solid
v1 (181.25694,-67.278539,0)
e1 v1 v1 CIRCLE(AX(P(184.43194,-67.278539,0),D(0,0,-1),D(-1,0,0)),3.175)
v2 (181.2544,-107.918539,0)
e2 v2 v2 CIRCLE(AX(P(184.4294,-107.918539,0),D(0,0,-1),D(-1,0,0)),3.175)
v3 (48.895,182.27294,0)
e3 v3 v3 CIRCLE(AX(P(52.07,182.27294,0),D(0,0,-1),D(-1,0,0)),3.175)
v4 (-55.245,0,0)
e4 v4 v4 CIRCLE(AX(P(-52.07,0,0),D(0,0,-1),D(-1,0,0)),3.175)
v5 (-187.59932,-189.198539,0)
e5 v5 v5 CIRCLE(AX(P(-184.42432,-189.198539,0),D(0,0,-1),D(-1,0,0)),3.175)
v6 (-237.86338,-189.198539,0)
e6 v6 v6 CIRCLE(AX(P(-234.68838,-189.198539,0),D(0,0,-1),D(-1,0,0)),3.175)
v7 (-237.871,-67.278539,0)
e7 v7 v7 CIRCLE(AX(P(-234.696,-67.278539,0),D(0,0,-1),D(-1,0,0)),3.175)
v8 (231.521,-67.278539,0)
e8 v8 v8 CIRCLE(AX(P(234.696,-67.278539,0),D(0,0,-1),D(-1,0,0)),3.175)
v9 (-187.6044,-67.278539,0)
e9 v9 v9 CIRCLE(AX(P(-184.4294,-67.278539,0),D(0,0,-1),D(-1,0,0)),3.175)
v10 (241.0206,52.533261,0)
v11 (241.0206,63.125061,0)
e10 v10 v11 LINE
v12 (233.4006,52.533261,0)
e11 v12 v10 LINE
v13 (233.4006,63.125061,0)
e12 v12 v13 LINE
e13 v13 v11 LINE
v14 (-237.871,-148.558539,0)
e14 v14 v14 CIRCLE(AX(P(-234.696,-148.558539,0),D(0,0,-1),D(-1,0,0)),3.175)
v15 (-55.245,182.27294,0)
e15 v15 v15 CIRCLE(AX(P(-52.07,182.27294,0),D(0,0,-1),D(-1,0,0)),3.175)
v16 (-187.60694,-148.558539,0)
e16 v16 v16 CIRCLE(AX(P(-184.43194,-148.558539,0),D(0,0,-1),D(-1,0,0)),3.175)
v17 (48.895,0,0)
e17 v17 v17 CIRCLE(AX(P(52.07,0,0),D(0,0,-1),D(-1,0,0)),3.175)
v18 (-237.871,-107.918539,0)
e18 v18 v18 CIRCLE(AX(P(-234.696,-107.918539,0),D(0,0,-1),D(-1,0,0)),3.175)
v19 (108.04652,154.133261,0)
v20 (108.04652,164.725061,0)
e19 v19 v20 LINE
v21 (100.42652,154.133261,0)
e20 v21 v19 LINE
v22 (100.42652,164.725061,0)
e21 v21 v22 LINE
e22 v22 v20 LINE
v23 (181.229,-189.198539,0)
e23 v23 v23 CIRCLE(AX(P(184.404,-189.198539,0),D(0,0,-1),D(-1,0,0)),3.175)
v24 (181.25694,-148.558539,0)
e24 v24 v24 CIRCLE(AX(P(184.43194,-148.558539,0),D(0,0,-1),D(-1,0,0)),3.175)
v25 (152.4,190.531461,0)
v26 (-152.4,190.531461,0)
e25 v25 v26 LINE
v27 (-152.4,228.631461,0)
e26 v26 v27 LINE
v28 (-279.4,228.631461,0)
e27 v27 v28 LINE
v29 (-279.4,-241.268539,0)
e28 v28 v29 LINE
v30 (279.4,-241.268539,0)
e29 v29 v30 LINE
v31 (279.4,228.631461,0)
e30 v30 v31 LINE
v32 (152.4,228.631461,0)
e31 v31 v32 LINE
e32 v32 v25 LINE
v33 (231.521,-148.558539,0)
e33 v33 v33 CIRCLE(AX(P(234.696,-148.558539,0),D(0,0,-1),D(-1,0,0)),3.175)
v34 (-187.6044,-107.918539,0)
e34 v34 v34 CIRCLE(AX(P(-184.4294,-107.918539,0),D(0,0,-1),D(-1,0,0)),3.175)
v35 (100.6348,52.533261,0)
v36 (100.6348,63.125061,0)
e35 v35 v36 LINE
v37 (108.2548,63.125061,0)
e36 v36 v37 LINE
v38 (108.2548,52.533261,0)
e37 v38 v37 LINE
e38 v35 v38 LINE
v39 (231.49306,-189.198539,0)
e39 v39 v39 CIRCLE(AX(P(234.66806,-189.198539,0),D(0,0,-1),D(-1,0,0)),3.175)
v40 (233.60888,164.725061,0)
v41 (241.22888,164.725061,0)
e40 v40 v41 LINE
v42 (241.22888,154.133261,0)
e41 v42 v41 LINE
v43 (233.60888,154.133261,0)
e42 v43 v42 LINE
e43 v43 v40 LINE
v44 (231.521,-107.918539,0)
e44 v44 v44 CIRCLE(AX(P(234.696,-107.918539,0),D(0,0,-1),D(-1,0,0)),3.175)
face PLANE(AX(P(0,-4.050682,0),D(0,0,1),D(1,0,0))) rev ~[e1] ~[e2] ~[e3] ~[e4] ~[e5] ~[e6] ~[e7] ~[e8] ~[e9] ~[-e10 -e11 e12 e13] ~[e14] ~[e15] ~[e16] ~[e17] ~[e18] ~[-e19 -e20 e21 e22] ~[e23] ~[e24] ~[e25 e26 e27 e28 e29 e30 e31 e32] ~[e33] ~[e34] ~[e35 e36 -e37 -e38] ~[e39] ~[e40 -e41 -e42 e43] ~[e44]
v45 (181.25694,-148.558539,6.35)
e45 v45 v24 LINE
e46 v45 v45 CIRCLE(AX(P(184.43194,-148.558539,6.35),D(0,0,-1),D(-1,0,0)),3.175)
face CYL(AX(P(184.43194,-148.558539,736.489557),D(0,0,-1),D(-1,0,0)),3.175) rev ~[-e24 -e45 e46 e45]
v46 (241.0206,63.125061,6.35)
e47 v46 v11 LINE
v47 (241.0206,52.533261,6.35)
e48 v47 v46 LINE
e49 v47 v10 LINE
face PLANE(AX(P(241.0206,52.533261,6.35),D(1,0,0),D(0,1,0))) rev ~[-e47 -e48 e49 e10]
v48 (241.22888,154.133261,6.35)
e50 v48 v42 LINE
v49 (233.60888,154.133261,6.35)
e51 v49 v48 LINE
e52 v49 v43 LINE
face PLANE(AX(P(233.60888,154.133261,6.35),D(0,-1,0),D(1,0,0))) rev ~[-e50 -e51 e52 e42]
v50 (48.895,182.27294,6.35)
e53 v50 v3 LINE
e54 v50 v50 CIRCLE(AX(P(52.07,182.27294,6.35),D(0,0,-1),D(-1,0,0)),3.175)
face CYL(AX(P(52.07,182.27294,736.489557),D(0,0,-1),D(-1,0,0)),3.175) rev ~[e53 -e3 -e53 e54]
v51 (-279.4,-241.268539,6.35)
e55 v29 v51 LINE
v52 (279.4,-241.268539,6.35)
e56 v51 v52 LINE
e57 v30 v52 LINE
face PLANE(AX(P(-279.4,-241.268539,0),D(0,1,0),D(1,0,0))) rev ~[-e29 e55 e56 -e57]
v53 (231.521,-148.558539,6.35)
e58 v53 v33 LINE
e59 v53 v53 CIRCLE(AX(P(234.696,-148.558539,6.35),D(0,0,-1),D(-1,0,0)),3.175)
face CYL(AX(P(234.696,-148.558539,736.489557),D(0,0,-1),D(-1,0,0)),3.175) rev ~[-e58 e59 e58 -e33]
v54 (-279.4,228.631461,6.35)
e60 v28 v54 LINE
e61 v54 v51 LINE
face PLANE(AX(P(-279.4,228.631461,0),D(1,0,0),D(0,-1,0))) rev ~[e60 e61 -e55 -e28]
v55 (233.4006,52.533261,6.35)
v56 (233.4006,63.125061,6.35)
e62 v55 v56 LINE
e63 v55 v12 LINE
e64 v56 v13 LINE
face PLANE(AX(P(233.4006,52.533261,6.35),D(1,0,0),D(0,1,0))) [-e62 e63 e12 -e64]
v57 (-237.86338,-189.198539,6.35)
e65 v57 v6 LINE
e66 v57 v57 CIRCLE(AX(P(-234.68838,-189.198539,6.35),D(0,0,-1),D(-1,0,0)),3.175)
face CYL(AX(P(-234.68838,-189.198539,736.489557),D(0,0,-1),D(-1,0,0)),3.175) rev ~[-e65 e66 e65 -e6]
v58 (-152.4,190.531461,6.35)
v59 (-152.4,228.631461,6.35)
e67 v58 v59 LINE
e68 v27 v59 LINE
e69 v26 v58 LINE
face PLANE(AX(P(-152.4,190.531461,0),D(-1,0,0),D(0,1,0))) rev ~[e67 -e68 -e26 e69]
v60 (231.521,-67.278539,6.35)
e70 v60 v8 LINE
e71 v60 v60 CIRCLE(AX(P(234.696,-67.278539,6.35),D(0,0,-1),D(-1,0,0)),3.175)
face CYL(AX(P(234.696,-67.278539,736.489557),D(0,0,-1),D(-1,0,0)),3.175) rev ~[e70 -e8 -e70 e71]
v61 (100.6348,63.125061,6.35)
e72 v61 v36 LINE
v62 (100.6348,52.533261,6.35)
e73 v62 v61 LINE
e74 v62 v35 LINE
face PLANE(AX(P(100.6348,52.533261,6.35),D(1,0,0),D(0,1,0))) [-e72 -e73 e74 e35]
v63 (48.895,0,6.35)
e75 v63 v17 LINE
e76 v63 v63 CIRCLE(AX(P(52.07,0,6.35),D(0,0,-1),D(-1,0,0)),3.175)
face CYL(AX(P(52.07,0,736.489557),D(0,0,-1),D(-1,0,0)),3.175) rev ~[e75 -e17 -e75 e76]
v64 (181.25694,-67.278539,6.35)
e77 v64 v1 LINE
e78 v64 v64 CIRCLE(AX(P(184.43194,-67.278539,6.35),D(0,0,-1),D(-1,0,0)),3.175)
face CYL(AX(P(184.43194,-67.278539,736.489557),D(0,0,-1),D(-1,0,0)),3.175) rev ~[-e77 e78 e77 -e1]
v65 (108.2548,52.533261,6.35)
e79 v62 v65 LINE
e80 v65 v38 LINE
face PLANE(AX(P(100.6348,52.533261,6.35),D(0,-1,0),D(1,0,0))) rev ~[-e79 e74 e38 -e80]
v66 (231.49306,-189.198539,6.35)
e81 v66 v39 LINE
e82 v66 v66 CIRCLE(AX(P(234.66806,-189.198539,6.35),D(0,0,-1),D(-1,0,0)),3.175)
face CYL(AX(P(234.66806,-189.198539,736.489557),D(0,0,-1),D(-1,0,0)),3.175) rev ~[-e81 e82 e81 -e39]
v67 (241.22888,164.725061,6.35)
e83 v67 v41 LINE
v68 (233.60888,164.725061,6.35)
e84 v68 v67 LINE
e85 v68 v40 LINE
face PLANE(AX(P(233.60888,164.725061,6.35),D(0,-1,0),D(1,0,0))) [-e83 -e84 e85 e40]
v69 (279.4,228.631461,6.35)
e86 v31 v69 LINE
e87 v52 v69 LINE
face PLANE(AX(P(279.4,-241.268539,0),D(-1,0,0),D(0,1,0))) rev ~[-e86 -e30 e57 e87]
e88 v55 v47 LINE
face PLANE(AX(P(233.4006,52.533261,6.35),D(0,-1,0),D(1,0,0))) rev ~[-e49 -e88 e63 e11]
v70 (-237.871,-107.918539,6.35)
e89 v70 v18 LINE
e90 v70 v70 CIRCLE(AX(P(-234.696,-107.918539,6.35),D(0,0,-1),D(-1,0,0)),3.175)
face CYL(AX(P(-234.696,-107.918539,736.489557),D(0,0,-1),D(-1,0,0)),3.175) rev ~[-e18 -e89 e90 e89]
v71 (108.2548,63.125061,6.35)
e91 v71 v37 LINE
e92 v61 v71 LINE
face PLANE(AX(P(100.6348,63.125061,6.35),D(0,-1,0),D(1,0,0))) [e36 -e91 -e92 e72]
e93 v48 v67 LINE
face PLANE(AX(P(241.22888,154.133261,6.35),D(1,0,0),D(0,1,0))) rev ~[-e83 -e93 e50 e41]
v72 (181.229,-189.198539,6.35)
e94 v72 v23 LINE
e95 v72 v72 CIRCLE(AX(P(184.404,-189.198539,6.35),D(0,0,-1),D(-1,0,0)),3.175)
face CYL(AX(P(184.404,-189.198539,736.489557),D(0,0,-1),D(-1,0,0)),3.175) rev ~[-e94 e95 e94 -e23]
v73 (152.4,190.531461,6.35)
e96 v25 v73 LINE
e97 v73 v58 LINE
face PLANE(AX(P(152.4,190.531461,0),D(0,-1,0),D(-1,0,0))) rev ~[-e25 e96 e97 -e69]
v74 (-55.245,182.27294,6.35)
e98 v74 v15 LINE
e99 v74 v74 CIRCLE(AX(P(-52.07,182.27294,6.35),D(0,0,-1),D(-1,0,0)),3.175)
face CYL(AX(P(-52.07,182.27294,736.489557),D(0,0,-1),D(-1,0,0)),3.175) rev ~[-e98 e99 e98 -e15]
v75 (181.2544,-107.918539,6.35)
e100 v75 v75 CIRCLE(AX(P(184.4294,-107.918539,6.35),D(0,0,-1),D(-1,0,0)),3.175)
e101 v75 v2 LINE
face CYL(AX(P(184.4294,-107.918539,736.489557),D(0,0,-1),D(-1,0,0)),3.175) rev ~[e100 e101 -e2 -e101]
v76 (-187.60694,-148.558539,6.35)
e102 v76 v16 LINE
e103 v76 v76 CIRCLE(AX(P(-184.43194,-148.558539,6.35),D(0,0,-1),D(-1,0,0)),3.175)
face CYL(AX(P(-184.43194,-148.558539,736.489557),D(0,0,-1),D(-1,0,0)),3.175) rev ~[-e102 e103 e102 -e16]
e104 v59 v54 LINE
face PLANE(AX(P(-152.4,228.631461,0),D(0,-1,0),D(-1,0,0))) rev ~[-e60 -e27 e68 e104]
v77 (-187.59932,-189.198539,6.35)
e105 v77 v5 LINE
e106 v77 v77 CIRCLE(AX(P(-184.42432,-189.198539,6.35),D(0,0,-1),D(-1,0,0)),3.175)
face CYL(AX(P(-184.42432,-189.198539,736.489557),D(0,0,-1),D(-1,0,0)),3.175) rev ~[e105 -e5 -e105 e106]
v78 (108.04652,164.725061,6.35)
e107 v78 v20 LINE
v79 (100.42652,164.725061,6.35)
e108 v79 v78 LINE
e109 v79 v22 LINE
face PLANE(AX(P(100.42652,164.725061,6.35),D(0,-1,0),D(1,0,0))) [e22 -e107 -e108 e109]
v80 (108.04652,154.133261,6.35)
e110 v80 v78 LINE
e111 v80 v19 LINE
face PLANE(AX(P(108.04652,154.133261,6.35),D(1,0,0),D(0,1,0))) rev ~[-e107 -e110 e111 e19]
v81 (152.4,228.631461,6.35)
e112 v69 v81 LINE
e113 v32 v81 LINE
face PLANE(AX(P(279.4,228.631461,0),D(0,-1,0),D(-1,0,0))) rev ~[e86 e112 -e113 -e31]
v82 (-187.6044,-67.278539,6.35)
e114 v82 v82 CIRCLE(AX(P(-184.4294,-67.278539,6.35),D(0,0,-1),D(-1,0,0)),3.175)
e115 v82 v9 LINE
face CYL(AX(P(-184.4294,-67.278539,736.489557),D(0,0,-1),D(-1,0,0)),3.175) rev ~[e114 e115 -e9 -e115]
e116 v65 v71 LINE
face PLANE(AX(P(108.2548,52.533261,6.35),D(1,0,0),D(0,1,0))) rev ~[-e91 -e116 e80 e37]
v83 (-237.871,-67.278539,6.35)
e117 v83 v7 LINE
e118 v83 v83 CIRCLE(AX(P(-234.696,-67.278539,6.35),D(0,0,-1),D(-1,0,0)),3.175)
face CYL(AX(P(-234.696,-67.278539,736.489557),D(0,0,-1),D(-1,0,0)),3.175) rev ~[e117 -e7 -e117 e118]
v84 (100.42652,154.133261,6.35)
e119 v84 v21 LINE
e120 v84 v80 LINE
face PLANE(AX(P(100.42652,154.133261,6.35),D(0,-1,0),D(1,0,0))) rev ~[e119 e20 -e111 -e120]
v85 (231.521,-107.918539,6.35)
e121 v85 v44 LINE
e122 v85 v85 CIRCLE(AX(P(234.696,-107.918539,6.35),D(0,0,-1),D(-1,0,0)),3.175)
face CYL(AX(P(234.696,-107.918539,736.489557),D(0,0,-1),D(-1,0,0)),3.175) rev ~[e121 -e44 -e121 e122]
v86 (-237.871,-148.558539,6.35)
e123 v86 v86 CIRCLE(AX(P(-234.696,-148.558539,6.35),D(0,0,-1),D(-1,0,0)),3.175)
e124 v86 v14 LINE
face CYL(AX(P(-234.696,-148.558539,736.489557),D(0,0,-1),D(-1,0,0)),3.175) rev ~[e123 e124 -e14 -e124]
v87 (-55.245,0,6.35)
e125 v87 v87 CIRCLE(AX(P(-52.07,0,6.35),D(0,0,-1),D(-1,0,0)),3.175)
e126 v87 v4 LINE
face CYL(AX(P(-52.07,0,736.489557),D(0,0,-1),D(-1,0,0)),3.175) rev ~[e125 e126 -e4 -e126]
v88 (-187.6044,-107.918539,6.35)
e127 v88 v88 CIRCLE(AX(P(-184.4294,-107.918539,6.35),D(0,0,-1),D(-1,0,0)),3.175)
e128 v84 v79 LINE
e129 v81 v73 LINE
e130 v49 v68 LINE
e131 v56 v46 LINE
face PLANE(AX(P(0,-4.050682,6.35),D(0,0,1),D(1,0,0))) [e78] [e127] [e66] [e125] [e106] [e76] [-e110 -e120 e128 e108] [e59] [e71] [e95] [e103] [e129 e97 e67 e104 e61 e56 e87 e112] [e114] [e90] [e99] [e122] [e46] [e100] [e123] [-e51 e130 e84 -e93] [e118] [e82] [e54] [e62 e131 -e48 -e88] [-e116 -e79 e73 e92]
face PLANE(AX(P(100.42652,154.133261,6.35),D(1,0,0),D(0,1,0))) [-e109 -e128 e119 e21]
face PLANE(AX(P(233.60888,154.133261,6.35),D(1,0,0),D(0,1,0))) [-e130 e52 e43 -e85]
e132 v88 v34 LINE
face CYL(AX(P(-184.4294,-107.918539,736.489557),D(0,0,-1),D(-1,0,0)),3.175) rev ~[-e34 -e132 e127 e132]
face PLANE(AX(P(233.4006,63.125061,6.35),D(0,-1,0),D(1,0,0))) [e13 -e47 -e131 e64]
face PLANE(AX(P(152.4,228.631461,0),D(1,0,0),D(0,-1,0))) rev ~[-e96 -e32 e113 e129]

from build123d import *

# Parameters (mm, degrees)
F1_DEPTH  = 6.35
F3_D      = 6.35
F5_D      = 6.35
F8_D      = 6.35
F10_D     = 6.35
F11_W     = 7.62
F11_H     = 10.5918
F12_DEPTH = 25.4


with BuildPart() as f1:
    # F0 (on Top) → F1 (new body)
    with BuildSketch(Plane.XY):
        Polygon((-279.4, 228.631461), (-279.4, -241.268539), (279.4, -241.268539), (279.4, 228.631461), (152.4, 228.631461), (152.4, 190.531461), (-152.4, 190.531461), (-152.4, 228.631461), align=None)
    extrude(amount=F1_DEPTH)

    # F3 (through all)
    with Locations(Plane.XY.offset(6.35)):
        with Locations((-234.68838, -189.198539), (-184.42432, -189.198539)):
            Hole(F3_D / 2)

    # F5 (through all)
    with Locations(Plane.XY.offset(6.35)):
        with Locations((-234.696, -67.278539), (-184.4294, -67.278539), (-184.4294, -107.918539), (-234.696, -107.918539), (-234.696, -148.558539), (-184.43194, -148.558539)):
            Hole(F5_D / 2)

    # F8 (through all)
    with Locations(Plane.XY.offset(6.35)):
        with Locations((184.404, -189.198539), (234.66806, -189.198539), (234.696, -148.558539), (184.43194, -148.558539), (184.4294, -107.918539), (234.696, -107.918539), (234.696, -67.278539), (184.43194, -67.278539)):
            Hole(F8_D / 2)

    # F10 (through all)
    with Locations(Plane.XY.offset(6.35)):
        with Locations((-52.07, 182.27294), (52.07, 182.27294), (52.07, 0), (-52.07, 0)):
            Hole(F10_D / 2)

    # F11 (on face) → F12 (cut)
    with BuildSketch(Plane.XY.offset(6.35)):
        with Locations((104.4448, 57.829161)):
            Rectangle(F11_W, F11_H)
        with Locations((104.23652, 159.429161)):
            Rectangle(F11_W, F11_H)
        with Locations((237.41888, 159.429161)):
            Rectangle(F11_W, F11_H)
        with Locations((237.2106, 57.829161)):
            Rectangle(F11_W, F11_H)
    extrude(amount=-F12_DEPTH, mode=Mode.SUBTRACT)


solid = f1.part
